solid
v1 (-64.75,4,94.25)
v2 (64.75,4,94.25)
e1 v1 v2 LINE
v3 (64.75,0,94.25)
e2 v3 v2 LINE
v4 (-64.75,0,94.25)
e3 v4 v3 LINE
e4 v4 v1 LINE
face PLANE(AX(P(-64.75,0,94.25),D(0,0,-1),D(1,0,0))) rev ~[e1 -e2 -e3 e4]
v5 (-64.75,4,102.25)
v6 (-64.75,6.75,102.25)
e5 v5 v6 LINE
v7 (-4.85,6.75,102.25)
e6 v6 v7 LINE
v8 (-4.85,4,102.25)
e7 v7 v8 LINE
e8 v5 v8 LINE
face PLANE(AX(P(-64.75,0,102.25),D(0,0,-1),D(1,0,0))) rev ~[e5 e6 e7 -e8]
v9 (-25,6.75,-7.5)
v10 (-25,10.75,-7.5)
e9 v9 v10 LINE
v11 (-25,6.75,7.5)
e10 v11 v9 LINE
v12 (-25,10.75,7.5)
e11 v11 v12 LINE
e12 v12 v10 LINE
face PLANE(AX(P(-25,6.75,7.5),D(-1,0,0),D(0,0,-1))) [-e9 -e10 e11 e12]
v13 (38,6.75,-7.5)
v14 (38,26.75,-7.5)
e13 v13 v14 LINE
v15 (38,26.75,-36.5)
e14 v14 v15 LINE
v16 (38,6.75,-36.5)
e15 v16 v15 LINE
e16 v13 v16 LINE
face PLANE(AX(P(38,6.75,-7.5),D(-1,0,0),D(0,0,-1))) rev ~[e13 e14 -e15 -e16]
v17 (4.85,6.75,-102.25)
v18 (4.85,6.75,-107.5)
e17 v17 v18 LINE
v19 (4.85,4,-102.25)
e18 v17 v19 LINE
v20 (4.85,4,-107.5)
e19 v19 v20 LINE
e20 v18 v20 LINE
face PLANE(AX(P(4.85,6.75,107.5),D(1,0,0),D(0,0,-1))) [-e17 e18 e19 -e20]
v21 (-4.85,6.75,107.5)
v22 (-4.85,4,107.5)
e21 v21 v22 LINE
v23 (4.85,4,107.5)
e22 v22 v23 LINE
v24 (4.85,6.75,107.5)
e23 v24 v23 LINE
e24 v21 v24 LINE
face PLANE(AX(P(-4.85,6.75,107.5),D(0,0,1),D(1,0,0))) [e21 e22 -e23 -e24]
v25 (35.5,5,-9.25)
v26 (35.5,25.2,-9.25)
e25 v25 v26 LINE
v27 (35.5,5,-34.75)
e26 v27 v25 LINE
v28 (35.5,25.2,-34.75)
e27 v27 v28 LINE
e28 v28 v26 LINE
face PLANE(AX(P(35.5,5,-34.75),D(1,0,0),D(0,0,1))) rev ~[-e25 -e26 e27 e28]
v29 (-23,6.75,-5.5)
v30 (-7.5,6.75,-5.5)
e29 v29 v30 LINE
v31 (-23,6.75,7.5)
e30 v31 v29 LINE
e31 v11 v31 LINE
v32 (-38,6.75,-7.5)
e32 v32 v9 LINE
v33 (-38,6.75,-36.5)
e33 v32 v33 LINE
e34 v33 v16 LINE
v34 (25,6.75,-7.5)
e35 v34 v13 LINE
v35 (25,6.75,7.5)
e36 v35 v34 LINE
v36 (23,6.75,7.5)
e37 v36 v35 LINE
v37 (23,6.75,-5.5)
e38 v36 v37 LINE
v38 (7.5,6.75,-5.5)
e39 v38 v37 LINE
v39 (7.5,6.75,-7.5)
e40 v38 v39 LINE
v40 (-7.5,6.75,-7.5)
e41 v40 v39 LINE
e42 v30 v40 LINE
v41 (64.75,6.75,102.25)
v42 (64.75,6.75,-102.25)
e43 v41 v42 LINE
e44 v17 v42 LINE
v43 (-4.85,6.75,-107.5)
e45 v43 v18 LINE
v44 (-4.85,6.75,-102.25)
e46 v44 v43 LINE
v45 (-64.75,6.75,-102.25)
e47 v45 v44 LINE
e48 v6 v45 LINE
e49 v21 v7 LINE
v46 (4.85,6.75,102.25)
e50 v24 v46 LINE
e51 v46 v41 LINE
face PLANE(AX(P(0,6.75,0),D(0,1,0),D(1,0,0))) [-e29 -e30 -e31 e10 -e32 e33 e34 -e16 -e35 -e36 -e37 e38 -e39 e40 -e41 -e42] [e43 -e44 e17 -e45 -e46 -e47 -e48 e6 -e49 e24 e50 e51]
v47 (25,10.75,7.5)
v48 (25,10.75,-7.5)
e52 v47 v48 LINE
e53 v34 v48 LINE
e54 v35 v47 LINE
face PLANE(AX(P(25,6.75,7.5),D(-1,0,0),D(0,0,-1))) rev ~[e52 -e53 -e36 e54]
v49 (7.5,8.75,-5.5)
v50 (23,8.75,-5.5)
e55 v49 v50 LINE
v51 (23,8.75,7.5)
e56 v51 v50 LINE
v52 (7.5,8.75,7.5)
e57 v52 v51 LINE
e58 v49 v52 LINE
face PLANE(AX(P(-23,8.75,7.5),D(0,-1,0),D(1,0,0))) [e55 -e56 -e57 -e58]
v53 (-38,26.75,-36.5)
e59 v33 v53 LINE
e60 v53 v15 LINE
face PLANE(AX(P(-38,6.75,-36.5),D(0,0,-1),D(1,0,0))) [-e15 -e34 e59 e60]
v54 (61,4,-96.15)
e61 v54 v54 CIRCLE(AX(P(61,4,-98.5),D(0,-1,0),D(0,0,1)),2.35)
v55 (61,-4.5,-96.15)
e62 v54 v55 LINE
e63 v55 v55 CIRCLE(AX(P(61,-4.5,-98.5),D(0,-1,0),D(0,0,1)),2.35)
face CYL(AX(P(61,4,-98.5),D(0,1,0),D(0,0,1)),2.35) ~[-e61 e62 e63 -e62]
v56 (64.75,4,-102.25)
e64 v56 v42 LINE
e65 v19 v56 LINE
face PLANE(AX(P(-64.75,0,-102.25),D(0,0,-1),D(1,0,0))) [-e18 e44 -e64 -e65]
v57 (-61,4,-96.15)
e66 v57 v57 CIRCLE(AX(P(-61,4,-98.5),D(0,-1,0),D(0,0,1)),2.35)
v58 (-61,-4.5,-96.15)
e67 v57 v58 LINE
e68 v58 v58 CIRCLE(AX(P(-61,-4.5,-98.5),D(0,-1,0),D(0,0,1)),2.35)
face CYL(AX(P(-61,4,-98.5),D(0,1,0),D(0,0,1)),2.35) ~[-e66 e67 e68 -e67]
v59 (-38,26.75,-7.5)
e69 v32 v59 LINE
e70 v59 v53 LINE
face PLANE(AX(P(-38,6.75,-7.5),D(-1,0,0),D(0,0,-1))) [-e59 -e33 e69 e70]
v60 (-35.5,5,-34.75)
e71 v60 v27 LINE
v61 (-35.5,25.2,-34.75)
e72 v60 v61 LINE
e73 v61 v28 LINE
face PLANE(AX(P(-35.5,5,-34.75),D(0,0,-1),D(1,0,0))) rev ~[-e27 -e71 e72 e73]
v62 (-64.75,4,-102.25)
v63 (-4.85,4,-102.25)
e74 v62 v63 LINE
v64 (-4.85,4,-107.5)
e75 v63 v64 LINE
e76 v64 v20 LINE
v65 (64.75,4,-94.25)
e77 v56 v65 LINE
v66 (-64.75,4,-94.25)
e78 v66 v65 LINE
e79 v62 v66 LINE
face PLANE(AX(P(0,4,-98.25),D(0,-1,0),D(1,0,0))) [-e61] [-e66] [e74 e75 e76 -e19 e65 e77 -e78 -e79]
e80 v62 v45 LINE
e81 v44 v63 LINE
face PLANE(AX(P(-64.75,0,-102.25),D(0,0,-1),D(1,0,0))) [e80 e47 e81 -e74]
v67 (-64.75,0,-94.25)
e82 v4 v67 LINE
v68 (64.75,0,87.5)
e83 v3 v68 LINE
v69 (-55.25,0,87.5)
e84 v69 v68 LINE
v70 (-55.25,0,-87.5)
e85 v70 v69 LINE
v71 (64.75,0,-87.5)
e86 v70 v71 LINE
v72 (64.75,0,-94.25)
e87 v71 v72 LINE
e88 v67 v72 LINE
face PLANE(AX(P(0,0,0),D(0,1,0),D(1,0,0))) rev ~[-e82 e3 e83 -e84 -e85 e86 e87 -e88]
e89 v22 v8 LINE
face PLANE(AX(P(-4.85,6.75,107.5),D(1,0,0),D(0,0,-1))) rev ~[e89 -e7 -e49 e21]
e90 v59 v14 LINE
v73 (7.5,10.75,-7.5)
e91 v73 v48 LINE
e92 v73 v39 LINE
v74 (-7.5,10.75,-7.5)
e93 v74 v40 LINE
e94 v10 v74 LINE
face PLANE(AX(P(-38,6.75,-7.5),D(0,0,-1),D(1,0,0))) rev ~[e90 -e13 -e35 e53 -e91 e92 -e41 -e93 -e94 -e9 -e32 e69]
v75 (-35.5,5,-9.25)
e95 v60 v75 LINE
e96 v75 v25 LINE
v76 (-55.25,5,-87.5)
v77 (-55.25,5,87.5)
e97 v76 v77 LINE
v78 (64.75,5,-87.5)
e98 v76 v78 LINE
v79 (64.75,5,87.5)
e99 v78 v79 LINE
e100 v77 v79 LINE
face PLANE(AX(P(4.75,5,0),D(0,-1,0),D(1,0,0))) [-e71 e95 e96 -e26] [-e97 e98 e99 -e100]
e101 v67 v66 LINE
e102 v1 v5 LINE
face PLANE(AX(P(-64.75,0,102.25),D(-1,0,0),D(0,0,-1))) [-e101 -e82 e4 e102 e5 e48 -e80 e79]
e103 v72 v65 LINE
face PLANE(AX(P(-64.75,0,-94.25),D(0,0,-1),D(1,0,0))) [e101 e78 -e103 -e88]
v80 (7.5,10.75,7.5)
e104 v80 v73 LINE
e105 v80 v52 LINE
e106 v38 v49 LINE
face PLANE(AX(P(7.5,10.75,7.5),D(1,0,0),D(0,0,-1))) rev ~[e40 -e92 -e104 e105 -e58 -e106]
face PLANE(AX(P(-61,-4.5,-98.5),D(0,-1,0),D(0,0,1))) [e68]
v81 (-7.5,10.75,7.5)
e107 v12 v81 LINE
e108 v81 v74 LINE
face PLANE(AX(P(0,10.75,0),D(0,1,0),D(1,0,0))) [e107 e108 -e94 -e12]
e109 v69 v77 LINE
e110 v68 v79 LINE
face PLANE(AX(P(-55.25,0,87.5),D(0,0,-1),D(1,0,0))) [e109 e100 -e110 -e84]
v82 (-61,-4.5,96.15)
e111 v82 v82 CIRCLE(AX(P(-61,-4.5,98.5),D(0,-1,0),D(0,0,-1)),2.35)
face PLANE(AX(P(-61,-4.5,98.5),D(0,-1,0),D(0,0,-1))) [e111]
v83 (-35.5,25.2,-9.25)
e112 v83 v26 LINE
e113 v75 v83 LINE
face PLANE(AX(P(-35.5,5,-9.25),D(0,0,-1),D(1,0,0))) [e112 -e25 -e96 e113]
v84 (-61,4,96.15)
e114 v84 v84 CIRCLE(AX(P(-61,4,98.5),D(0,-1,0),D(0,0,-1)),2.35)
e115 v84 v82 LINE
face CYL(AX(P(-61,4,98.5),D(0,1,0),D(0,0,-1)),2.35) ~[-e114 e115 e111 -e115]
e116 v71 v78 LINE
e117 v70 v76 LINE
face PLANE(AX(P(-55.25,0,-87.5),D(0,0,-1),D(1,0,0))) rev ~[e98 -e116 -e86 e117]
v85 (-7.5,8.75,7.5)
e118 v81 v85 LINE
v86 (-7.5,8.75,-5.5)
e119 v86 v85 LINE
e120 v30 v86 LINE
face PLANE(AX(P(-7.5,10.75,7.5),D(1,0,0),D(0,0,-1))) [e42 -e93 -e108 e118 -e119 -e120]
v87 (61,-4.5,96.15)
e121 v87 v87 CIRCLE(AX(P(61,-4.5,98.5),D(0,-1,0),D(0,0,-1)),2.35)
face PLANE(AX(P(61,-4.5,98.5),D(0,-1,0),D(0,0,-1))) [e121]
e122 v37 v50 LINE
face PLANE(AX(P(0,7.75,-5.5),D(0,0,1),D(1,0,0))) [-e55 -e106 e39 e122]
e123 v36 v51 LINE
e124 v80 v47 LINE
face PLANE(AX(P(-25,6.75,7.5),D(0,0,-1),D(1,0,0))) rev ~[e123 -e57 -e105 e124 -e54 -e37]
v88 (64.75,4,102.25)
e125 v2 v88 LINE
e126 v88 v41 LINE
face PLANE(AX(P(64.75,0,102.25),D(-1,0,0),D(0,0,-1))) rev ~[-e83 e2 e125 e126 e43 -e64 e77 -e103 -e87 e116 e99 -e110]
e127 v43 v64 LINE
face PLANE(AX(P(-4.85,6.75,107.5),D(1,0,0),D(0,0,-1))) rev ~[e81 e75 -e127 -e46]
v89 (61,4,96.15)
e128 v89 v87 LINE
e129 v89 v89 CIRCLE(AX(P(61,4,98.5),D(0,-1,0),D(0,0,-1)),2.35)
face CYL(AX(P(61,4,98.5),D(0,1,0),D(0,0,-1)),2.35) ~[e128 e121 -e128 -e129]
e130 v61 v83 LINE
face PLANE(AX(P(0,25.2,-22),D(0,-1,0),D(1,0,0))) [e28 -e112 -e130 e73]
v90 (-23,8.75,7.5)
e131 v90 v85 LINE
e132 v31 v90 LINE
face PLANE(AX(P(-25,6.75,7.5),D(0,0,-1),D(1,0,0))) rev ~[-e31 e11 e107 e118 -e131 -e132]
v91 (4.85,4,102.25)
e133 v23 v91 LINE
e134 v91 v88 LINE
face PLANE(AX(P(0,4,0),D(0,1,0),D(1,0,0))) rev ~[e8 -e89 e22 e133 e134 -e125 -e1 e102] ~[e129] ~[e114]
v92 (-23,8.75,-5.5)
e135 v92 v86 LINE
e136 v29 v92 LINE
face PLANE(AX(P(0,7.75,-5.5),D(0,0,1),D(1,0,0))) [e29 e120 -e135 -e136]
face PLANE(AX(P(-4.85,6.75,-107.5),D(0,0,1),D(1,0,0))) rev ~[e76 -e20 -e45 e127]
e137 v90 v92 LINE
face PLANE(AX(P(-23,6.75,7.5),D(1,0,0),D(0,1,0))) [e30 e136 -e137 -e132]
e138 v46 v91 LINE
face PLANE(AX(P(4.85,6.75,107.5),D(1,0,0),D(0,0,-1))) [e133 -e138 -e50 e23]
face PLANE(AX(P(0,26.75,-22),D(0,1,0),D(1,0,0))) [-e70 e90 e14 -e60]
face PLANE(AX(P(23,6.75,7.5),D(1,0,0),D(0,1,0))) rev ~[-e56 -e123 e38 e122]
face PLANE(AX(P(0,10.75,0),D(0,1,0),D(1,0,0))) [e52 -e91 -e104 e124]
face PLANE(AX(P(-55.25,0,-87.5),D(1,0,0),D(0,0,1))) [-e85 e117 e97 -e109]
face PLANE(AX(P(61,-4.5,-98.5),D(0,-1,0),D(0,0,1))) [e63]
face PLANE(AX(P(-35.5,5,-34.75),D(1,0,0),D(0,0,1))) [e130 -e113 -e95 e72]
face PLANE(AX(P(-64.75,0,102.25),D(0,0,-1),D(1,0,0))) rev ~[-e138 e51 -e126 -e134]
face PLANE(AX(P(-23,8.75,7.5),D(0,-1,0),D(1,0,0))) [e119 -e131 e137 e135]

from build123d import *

# Parameters (mm, degrees)
SKETCH_1_W          = 129.5
SKETCH_1_H          = 204.5
EXTRUDE_1_DEPTH     = 6.75
SKETCH_2_W          = 129.5
SKETCH_2_H          = 8
CUT_EXTRUDE_1_DEPTH = 4
SKETCH_3_R          = 2.35
EXTRUDE_2_DEPTH     = 8.5
SKETCH_4_W          = 120
SKETCH_4_H          = 175
CUT_EXTRUDE_3_DEPTH = 5
SKETCH_5_W          = 9.7
SKETCH_5_H          = 215
EXTRUDE_3_DEPTH     = 2.75
SKETCH_6_W          = 50
SKETCH_6_H          = 15
EXTRUDE_4_DEPTH     = 4
SKETCH_7_W          = 46
SKETCH_7_H          = 2
CUT_EXTRUDE_4_DEPTH = 13
SKETCH_8_W          = 15
SKETCH_8_H          = 15
CUT_EXTRUDE_5_DEPTH = 4
SKETCH_9_W          = 76
SKETCH_9_H          = 29
EXTRUDE_5_DEPTH     = 20
SKETCH_10_W         = 9.7
SKETCH_10_H         = 175
CUT_EXTRUDE_6_DEPTH = 1
SKETCH_11_W         = 71
SKETCH_11_H         = 25.5
CUT_EXTRUDE_8_DEPTH = 20.2


with BuildPart() as part:
    # 草图1 → 凸台-拉伸1 (new body)
    with BuildSketch(Plane(origin=(0, 0, 0), x_dir=(1, 0, 0), z_dir=(0, 1, 0))):
        Rectangle(SKETCH_1_W, SKETCH_1_H)
    extrude(amount=EXTRUDE_1_DEPTH)

    # 草图2 → 切除-拉伸1 (cut)
    with BuildSketch(Plane.XZ):
        with Locations((0, 98.25)):
            Rectangle(SKETCH_2_W, SKETCH_2_H)
        with Locations((0, -98.25)):
            Rectangle(SKETCH_2_W, SKETCH_2_H)
    extrude(amount=-CUT_EXTRUDE_1_DEPTH, mode=Mode.SUBTRACT)

    # 草图3 → 凸台-拉伸2 (add)
    with BuildSketch(Plane.XZ.offset(-4)):
        with Locations(Location((-61, 98.5, 0), (0, 0, 270))):
            Circle(SKETCH_3_R)
        with Locations(Location((61, 98.5, 0), (0, 0, 270))):
            Circle(SKETCH_3_R)
        with Locations(Location((61, -98.5, 0), (0, 0, 90))):
            Circle(SKETCH_3_R)
        with Locations(Location((-61, -98.5, 0), (0, 0, 90))):
            Circle(SKETCH_3_R)
    extrude(amount=EXTRUDE_2_DEPTH)

    # 草图4 → 切除-拉伸3 (cut)
    with BuildSketch(Plane.XZ):
        with Locations((4.75, 0)):
            Rectangle(SKETCH_4_W, SKETCH_4_H)
    extrude(amount=-CUT_EXTRUDE_3_DEPTH, mode=Mode.SUBTRACT)

    # 草图5 → 凸台-拉伸3 (add)
    with BuildSketch(Plane(origin=(0, 6.75, 0), x_dir=(1, 0, 0), z_dir=(0, 1, 0))):
        Rectangle(SKETCH_5_W, SKETCH_5_H)
    extrude(amount=-EXTRUDE_3_DEPTH)

    # 草图6 → 凸台-拉伸4 (add)
    with BuildSketch(Plane(origin=(0, 6.75, 0), x_dir=(1, 0, 0), z_dir=(0, 1, 0))):
        Rectangle(SKETCH_6_W, SKETCH_6_H)
    extrude(amount=EXTRUDE_4_DEPTH)

    # 草图7 → 切除-拉伸4 (cut)
    with BuildSketch(Plane.XY.offset(7.5)):
        with Locations((0, 7.75)):
            Rectangle(SKETCH_7_W, SKETCH_7_H)
    extrude(amount=-CUT_EXTRUDE_4_DEPTH, mode=Mode.SUBTRACT)

    # 草图8 → 切除-拉伸5 (cut)
    with BuildSketch(Plane(origin=(0, 10.75, 0), x_dir=(1, 0, 0), z_dir=(0, 1, 0))):
        Rectangle(SKETCH_8_W, SKETCH_8_H)
    extrude(amount=-CUT_EXTRUDE_5_DEPTH, mode=Mode.SUBTRACT)

    # 草图9 → 凸台-拉伸5 (add)
    with BuildSketch(Plane(origin=(0, 6.75, 0), x_dir=(1, 0, 0), z_dir=(0, 1, 0))):
        with Locations((0, 22)):
            Rectangle(SKETCH_9_W, SKETCH_9_H)
    extrude(amount=EXTRUDE_5_DEPTH)

    # 草图10 → 切除-拉伸6 (cut)
    with BuildSketch(Plane.XZ.offset(-4)):
        Rectangle(SKETCH_10_W, SKETCH_10_H)
    extrude(amount=-CUT_EXTRUDE_6_DEPTH, mode=Mode.SUBTRACT)

    # 草图11 → 切除-拉伸8 (cut)
    with BuildSketch(Plane.XZ.offset(-5)):
        with Locations((0, -22)):
            Rectangle(SKETCH_11_W, SKETCH_11_H)
    extrude(amount=-CUT_EXTRUDE_8_DEPTH, mode=Mode.SUBTRACT)


solid = part.part
